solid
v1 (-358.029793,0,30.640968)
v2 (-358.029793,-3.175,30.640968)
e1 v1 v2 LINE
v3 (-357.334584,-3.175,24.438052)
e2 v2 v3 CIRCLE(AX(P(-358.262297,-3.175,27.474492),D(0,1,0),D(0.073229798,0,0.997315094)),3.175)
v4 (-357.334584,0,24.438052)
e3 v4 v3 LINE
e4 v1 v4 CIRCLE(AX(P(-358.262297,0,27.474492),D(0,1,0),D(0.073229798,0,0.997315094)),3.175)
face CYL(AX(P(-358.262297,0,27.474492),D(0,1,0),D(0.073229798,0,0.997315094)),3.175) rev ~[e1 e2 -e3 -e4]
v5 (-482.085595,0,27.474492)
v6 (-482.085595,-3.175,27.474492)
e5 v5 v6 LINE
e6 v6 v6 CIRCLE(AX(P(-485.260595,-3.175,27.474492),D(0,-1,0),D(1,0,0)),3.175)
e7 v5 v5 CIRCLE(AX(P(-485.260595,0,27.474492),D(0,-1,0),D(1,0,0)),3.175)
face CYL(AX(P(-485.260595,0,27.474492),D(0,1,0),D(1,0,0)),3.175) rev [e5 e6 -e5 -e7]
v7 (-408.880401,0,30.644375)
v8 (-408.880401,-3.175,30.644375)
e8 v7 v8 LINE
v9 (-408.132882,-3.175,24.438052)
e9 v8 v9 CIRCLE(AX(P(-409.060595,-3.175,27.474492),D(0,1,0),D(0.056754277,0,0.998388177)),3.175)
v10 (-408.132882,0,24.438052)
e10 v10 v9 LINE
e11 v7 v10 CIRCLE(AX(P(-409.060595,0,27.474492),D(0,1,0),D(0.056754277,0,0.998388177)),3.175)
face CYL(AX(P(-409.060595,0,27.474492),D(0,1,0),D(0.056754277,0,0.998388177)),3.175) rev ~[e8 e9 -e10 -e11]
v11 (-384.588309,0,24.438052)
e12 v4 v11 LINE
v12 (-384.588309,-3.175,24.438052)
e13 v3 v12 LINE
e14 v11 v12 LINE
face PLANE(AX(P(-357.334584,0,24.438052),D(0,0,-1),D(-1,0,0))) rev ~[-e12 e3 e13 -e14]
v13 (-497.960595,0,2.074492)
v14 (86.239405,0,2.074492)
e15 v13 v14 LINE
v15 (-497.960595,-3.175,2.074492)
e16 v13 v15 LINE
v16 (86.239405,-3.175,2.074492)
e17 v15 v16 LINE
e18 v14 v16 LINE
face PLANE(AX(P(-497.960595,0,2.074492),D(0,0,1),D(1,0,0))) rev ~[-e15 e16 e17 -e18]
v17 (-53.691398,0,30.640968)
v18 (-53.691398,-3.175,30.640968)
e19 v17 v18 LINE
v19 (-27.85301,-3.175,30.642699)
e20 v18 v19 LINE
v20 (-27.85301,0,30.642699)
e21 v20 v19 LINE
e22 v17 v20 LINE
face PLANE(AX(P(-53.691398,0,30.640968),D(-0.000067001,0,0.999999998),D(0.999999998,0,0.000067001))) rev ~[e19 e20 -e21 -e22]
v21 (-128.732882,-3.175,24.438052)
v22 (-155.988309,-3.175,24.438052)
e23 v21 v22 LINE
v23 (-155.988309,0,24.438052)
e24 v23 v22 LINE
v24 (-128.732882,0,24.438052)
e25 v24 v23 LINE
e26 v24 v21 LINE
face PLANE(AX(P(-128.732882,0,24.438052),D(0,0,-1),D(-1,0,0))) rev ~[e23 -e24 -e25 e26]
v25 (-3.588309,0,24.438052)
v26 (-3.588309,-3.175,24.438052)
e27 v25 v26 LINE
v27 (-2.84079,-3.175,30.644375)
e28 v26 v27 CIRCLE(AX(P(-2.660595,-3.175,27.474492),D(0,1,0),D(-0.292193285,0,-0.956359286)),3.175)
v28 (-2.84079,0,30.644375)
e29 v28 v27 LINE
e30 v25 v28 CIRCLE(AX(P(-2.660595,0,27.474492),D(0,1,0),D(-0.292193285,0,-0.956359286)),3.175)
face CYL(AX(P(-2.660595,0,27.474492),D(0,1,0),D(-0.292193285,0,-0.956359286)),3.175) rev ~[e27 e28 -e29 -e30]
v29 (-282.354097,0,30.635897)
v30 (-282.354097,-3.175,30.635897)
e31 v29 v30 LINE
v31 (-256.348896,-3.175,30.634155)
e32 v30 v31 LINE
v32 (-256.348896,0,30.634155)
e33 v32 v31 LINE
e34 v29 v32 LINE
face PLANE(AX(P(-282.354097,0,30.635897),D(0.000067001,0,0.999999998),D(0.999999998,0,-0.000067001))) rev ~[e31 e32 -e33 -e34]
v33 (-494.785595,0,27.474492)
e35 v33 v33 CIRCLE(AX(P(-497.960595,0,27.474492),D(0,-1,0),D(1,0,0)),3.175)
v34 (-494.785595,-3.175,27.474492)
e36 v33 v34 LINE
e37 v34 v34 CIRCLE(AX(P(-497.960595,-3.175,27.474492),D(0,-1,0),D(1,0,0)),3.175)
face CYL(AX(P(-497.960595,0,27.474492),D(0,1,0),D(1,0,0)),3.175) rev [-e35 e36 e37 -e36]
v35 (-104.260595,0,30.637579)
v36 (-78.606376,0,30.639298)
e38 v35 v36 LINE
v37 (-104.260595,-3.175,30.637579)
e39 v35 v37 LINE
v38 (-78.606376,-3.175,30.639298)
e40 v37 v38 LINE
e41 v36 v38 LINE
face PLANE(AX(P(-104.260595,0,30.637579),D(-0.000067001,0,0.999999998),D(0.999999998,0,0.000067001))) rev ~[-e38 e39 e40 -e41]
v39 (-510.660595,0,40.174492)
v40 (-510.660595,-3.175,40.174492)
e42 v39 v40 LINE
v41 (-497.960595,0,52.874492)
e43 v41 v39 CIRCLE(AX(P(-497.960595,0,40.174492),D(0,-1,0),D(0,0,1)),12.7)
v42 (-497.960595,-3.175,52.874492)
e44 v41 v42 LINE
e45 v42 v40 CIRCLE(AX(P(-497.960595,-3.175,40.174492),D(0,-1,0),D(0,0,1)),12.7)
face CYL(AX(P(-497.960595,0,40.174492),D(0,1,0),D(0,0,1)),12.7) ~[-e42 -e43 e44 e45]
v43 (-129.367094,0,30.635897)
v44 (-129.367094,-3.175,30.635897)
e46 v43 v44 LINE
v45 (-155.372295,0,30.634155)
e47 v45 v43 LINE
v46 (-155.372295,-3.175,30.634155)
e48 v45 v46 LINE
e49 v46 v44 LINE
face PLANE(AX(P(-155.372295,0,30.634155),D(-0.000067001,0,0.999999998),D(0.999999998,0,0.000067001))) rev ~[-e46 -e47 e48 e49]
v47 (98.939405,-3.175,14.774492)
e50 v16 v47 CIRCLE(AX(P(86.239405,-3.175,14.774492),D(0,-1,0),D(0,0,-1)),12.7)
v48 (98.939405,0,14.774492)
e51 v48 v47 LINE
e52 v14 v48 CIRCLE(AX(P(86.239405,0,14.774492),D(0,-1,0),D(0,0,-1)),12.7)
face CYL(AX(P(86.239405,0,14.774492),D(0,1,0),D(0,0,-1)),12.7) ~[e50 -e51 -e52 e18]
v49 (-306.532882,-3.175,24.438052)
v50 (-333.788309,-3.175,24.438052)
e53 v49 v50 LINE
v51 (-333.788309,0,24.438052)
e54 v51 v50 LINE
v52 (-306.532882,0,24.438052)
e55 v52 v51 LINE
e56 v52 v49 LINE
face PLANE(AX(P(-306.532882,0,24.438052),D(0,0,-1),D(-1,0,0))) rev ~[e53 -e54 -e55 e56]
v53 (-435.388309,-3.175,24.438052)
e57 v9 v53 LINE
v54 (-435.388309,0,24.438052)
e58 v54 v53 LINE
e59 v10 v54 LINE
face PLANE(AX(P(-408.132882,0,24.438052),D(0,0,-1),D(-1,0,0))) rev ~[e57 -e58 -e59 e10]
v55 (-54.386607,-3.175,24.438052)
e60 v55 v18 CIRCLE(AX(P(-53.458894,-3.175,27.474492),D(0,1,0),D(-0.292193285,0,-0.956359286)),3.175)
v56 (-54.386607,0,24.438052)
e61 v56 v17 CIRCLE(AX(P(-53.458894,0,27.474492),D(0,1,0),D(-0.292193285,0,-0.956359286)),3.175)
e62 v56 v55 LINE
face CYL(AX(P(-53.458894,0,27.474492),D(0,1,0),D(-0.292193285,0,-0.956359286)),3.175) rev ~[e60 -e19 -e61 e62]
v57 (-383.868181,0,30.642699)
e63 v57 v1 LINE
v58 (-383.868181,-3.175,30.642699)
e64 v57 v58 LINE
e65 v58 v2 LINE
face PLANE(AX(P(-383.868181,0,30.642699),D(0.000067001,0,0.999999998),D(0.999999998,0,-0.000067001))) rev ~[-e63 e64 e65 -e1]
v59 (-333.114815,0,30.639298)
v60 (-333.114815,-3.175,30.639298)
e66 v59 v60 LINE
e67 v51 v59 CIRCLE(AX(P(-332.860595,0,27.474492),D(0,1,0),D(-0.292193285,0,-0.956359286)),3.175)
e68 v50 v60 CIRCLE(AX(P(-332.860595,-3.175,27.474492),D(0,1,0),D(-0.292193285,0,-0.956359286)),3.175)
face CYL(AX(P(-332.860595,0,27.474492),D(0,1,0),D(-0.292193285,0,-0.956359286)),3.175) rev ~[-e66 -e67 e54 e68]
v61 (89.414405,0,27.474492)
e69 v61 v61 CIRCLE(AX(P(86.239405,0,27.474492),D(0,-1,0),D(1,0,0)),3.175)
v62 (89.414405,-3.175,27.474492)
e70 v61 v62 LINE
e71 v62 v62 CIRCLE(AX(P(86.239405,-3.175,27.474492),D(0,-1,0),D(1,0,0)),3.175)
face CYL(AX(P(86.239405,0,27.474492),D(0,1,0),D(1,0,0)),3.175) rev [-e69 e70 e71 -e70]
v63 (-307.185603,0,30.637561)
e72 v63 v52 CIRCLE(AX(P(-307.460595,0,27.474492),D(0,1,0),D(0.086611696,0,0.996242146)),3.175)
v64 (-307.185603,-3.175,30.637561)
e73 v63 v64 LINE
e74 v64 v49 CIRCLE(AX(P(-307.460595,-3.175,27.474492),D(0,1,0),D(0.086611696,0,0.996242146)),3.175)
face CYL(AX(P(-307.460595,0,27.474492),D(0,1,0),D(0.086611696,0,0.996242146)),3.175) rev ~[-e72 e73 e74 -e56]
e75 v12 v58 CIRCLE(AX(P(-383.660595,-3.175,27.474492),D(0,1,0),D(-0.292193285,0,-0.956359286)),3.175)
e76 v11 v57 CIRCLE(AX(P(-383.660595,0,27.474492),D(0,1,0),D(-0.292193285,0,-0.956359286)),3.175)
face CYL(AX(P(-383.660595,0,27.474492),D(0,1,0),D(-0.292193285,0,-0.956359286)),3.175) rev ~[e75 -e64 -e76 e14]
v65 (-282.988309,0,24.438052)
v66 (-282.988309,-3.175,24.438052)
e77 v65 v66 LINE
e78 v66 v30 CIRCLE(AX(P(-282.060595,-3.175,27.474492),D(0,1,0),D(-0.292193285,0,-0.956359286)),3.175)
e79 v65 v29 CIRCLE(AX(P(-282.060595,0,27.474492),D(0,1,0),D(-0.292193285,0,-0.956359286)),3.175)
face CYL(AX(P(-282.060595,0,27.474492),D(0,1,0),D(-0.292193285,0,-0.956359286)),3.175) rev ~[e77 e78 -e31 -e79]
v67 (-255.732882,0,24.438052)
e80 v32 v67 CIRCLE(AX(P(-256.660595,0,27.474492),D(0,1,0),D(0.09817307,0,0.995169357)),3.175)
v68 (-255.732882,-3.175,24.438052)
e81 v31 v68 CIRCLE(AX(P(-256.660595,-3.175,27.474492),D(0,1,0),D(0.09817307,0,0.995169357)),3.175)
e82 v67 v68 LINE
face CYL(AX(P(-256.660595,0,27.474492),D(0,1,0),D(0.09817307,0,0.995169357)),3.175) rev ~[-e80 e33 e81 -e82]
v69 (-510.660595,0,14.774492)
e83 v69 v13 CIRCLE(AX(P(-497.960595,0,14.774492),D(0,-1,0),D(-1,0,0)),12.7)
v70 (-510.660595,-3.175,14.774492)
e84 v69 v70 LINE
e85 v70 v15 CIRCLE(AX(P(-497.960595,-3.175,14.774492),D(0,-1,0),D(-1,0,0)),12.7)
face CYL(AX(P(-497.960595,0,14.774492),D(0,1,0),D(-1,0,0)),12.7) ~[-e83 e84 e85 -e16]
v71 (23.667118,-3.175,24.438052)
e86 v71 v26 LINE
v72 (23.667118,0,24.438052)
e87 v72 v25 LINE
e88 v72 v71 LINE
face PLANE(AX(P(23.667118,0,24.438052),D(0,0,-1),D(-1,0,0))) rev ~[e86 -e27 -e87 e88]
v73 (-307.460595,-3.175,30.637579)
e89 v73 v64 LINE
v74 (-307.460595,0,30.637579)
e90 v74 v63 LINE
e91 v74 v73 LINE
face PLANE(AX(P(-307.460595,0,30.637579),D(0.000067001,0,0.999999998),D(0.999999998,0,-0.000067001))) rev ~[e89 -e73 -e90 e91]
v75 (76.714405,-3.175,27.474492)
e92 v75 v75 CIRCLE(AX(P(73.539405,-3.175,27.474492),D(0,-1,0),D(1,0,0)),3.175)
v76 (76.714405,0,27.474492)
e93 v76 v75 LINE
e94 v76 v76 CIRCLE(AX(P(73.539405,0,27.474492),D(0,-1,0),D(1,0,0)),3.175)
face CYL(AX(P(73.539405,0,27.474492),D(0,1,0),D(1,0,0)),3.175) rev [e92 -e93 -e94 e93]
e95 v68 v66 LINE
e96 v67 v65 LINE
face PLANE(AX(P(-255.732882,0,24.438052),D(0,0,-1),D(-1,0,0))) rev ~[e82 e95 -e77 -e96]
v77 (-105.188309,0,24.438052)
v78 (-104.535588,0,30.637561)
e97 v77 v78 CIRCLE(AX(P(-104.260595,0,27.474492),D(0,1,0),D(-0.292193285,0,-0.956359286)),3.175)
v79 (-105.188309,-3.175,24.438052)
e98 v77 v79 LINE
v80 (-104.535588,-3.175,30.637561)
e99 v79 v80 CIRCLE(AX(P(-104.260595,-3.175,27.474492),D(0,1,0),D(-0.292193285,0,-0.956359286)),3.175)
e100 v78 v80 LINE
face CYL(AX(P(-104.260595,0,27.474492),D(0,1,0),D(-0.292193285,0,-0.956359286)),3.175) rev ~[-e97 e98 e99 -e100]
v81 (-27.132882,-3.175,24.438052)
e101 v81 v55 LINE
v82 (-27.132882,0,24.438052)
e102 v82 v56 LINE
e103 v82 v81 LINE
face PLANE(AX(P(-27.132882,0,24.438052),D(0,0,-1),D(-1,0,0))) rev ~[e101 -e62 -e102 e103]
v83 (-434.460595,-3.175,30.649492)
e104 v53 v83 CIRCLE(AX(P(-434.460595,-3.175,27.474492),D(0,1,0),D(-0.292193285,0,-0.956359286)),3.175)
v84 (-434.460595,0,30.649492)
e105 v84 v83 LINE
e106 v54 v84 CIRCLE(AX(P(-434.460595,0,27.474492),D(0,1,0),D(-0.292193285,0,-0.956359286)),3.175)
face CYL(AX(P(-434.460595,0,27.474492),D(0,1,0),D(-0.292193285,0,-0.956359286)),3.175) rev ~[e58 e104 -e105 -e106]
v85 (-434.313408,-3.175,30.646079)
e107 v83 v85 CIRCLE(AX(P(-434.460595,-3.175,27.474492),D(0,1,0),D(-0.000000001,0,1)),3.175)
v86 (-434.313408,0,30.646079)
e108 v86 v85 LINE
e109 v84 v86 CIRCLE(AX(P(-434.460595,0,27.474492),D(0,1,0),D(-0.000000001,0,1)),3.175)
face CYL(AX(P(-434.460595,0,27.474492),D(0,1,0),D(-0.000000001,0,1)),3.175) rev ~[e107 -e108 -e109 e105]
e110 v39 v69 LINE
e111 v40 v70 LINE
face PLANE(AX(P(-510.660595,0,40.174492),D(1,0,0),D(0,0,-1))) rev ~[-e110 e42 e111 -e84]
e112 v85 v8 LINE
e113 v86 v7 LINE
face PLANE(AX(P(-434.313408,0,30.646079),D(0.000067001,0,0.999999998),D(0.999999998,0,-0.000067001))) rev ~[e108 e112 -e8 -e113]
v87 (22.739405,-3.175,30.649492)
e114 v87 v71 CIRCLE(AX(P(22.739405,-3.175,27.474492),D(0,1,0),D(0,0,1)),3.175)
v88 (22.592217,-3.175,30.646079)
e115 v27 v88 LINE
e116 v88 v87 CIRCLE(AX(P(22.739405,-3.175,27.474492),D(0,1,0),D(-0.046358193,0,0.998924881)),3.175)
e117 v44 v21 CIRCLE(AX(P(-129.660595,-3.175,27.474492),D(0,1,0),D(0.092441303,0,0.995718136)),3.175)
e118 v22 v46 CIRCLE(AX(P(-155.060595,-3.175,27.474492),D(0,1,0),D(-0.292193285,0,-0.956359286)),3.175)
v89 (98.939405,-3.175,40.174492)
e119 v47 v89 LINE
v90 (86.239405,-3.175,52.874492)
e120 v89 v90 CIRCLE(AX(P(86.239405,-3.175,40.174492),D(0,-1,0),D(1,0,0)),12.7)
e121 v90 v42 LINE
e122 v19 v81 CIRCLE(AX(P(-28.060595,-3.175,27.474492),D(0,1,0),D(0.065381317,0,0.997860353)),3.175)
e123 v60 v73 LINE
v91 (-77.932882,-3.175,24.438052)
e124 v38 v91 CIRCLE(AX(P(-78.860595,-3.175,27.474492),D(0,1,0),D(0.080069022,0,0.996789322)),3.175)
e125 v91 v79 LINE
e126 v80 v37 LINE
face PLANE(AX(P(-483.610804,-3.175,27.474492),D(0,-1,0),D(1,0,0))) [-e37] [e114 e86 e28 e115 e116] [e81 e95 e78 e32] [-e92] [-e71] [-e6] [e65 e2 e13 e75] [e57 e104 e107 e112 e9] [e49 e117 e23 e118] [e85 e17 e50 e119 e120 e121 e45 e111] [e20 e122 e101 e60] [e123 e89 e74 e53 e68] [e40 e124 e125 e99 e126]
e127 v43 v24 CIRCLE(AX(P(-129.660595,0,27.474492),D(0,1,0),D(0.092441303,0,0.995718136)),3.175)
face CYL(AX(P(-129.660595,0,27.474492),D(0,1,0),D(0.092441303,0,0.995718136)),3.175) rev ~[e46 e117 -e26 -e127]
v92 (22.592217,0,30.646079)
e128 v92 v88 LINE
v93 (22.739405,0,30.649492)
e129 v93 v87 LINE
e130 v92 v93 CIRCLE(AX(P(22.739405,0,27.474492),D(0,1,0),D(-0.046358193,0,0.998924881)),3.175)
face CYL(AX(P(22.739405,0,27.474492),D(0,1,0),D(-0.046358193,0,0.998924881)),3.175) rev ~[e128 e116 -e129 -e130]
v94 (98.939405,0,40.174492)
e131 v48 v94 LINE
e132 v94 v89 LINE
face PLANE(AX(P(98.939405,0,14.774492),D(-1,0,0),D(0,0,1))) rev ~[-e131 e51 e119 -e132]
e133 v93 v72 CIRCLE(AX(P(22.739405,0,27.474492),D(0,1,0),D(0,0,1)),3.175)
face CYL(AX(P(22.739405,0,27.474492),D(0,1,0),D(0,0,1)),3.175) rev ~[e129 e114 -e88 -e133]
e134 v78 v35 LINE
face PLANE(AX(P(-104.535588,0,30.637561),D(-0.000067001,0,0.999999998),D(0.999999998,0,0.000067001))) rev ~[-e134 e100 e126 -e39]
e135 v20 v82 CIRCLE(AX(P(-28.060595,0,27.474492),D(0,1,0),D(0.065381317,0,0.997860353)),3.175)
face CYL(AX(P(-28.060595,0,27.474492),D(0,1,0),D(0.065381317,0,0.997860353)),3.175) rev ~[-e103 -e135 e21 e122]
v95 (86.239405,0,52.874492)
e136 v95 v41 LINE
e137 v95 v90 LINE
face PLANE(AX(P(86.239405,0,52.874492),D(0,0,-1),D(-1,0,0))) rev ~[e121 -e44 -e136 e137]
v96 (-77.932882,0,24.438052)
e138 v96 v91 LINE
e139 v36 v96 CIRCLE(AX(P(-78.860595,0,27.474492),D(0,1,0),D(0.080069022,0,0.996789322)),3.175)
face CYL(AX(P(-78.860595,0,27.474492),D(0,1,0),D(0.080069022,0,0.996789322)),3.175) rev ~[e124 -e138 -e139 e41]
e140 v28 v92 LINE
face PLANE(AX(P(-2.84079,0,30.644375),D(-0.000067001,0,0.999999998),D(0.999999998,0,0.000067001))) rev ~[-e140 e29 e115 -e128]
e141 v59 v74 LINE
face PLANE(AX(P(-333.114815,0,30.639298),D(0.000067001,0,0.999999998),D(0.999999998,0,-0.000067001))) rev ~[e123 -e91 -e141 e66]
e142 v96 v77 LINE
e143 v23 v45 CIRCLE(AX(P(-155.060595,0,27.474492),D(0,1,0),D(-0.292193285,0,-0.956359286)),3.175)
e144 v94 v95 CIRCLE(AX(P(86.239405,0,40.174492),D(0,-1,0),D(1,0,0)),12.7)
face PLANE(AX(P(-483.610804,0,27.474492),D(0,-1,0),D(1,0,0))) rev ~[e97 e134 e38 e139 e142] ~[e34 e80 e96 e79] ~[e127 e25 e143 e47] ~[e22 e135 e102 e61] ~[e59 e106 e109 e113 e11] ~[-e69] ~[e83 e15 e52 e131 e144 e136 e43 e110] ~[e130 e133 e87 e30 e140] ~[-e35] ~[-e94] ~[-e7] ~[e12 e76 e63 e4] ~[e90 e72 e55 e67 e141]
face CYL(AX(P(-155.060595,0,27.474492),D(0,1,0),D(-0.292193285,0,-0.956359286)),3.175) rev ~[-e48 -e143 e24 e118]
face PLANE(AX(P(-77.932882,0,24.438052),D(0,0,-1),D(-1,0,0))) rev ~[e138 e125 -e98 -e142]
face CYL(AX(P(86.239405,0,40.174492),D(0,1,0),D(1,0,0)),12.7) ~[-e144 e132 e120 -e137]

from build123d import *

# Parameters (mm, degrees)
F0_R     = 3.175
F0_W     = 254
F0_H     = 50.8
F1_DEPTH = 3.175


with BuildPart() as f1:
    # F0 (on Front) → F1 (new body)
    with BuildSketch(Plane.XZ):
        with BuildLine():
            Line((-459.8605954945, 52.8744922407), (-497.9605954945, 52.8744922407))
            ThreePointArc((-497.9605954945, 52.8744922407), (-506.9408516156, 49.1547483618), (-510.6605954945, 40.1744922407))
            Line((-510.6605954945, 40.1744922407), (-510.6605954945, 14.7744922407))
            ThreePointArc((-510.6605954945, 14.7744922407), (-506.9408516156, 5.7942361196), (-497.9605954945, 2.0744922407))
            Line((-497.9605954945, 2.0744922407), (-459.8605954945, 2.0744922407))
            Line((-459.8605954945, 2.0744922407), (-459.8605954945, 52.8744922407))
        make_face()
        with Locations((-497.9605954945, 27.4744922407)):
            Circle(F0_R, mode=Mode.SUBTRACT)
        with Locations((-485.2605954945, 27.4744922407)):
            Circle(F0_R, mode=Mode.SUBTRACT)
        with Locations((-332.8605954945, 27.4744922407)):
            Rectangle(F0_W, F0_H)
        with BuildLine():
            Line((-408.1328818156, 24.4380515069), (-433.5328818156, 24.4380515069))
            Line((-433.5328818156, 24.4380515069), (-435.3883091734, 24.4380515069))
            ThreePointArc((-435.3883091734, 24.4380515069), (-437.6007646245, 27.943494197), (-434.4605954945, 30.6494922407))
            ThreePointArc((-434.4605954945, 30.6494922407), (-434.3869820773, 30.6486387504), (-434.3134082371, 30.6460787382))
            Line((-434.3134082371, 30.6460787382), (-408.8804006639, 30.6443747027))
            ThreePointArc((-408.8804006639, 30.6443747027), (-405.908377669, 27.8541602283), (-408.1328818156, 24.4380515069))
        make_face(mode=Mode.SUBTRACT)
        with BuildLine():
            ThreePointArc((-358.0297927088, 30.640967664), (-355.1070526635, 27.8281250553), (-357.3345836396, 24.4380515069))
            Line((-357.3345836396, 24.4380515069), (-384.5883091734, 24.4380515069))
            ThreePointArc((-384.5883091734, 24.4380515069), (-386.814424652, 27.840534104), (-383.8681811751, 30.6426988604))
            Line((-383.8681811751, 30.6426988604), (-358.0297927088, 30.640967664))
        make_face(mode=Mode.SUBTRACT)
        with BuildLine():
            Line((-306.5328818156, 24.4380515069), (-333.7883091734, 24.4380515069))
            ThreePointArc((-333.7883091734, 24.4380515069), (-336.017034447, 27.8173014279), (-333.1148146381, 30.639298337))
            Line((-333.1148146381, 30.639298337), (-307.4605954945, 30.6375794801))
            Line((-307.4605954945, 30.6375794801), (-307.1856033606, 30.6375610554))
            ThreePointArc((-307.1856033606, 30.6375610554), (-304.3030481903, 27.8069377573), (-306.5328818156, 24.4380515069))
        make_face(mode=Mode.SUBTRACT)
        with BuildLine():
            Line((-255.7328818156, 24.4380515069), (-282.9883091734, 24.4380515069))
            ThreePointArc((-282.9883091734, 24.4380515069), (-285.2191021973, 27.7976955955), (-282.354096633, 30.635897321))
            Line((-282.354096633, 30.635897321), (-256.3488959982, 30.634154948))
            ThreePointArc((-256.3488959982, 30.634154948), (-253.5011713828, 27.7886009511), (-255.7328818156, 24.4380515069))
        make_face(mode=Mode.SUBTRACT)
        with Locations((-78.8605954945, 27.4744922407)):
            Rectangle(F0_W, F0_H)
        with BuildLine():
            Line((-128.7328818156, 24.4380515069), (-155.9883091734, 24.4380515069))
            ThreePointArc((-155.9883091734, 24.4380515069), (-158.2200196063, 27.7886009511), (-155.3722949908, 30.634154948))
            Line((-155.3722949908, 30.634154948), (-129.367094356, 30.635897321))
            ThreePointArc((-129.367094356, 30.635897321), (-126.5020887917, 27.7976955955), (-128.7328818156, 24.4380515069))
        make_face(mode=Mode.SUBTRACT)
        with BuildLine():
            Line((-77.9328818156, 24.4380515069), (-105.1883091734, 24.4380515069))
            ThreePointArc((-105.1883091734, 24.4380515069), (-107.4181427987, 27.8069377573), (-104.5355876284, 30.6375610554))
            Line((-104.5355876284, 30.6375610554), (-104.2605954945, 30.6375794801))
            Line((-104.2605954945, 30.6375794801), (-78.606376351, 30.639298337))
            ThreePointArc((-78.606376351, 30.639298337), (-75.704156542, 27.8173014279), (-77.9328818156, 24.4380515069))
        make_face(mode=Mode.SUBTRACT)
        with BuildLine():
            Line((-27.1328818156, 24.4380515069), (-54.3866073494, 24.4380515069))
            ThreePointArc((-54.3866073494, 24.4380515069), (-56.6141383255, 27.8281250553), (-53.6913982803, 30.640967664))
            Line((-53.6913982803, 30.640967664), (-27.8530098139, 30.6426988604))
            ThreePointArc((-27.8530098139, 30.6426988604), (-24.9067663371, 27.840534104), (-27.1328818156, 24.4380515069))
        make_face(mode=Mode.SUBTRACT)
        with BuildLine():
            Line((-2.8407903251, 30.6443747027), (22.592217248, 30.6460787382))
            ThreePointArc((22.592217248, 30.6460787382), (22.6657910883, 30.6486387504), (22.7394045055, 30.6494922407))
            ThreePointArc((22.7394045055, 30.6494922407), (25.8795736355, 27.943494197), (23.6671181844, 24.4380515069))
            Line((23.6671181844, 24.4380515069), (21.8116908266, 24.4380515069))
            Line((21.8116908266, 24.4380515069), (-3.5883091734, 24.4380515069))
            ThreePointArc((-3.5883091734, 24.4380515069), (-5.81281332, 27.8541602283), (-2.8407903251, 30.6443747027))
        make_face(mode=Mode.SUBTRACT)
        with BuildLine():
            Line((86.2394045055, 52.8744922407), (48.1394045055, 52.8744922407))
            Line((48.1394045055, 52.8744922407), (48.1394045055, 2.0744922407))
            Line((48.1394045055, 2.0744922407), (86.2394045055, 2.0744922407))
            ThreePointArc((86.2394045055, 2.0744922407), (95.2196606266, 5.7942361196), (98.9394045055, 14.7744922407))
            Line((98.9394045055, 14.7744922407), (98.9394045055, 40.1744922407))
            ThreePointArc((98.9394045055, 40.1744922407), (95.2196606266, 49.1547483618), (86.2394045055, 52.8744922407))
        make_face()
        with Locations((73.5394045055, 27.4744922407)):
            Circle(F0_R, mode=Mode.SUBTRACT)
        with Locations((86.2394045055, 27.4744922407)):
            Circle(F0_R, mode=Mode.SUBTRACT)
    extrude(amount=F1_DEPTH)


solid = f1.part
